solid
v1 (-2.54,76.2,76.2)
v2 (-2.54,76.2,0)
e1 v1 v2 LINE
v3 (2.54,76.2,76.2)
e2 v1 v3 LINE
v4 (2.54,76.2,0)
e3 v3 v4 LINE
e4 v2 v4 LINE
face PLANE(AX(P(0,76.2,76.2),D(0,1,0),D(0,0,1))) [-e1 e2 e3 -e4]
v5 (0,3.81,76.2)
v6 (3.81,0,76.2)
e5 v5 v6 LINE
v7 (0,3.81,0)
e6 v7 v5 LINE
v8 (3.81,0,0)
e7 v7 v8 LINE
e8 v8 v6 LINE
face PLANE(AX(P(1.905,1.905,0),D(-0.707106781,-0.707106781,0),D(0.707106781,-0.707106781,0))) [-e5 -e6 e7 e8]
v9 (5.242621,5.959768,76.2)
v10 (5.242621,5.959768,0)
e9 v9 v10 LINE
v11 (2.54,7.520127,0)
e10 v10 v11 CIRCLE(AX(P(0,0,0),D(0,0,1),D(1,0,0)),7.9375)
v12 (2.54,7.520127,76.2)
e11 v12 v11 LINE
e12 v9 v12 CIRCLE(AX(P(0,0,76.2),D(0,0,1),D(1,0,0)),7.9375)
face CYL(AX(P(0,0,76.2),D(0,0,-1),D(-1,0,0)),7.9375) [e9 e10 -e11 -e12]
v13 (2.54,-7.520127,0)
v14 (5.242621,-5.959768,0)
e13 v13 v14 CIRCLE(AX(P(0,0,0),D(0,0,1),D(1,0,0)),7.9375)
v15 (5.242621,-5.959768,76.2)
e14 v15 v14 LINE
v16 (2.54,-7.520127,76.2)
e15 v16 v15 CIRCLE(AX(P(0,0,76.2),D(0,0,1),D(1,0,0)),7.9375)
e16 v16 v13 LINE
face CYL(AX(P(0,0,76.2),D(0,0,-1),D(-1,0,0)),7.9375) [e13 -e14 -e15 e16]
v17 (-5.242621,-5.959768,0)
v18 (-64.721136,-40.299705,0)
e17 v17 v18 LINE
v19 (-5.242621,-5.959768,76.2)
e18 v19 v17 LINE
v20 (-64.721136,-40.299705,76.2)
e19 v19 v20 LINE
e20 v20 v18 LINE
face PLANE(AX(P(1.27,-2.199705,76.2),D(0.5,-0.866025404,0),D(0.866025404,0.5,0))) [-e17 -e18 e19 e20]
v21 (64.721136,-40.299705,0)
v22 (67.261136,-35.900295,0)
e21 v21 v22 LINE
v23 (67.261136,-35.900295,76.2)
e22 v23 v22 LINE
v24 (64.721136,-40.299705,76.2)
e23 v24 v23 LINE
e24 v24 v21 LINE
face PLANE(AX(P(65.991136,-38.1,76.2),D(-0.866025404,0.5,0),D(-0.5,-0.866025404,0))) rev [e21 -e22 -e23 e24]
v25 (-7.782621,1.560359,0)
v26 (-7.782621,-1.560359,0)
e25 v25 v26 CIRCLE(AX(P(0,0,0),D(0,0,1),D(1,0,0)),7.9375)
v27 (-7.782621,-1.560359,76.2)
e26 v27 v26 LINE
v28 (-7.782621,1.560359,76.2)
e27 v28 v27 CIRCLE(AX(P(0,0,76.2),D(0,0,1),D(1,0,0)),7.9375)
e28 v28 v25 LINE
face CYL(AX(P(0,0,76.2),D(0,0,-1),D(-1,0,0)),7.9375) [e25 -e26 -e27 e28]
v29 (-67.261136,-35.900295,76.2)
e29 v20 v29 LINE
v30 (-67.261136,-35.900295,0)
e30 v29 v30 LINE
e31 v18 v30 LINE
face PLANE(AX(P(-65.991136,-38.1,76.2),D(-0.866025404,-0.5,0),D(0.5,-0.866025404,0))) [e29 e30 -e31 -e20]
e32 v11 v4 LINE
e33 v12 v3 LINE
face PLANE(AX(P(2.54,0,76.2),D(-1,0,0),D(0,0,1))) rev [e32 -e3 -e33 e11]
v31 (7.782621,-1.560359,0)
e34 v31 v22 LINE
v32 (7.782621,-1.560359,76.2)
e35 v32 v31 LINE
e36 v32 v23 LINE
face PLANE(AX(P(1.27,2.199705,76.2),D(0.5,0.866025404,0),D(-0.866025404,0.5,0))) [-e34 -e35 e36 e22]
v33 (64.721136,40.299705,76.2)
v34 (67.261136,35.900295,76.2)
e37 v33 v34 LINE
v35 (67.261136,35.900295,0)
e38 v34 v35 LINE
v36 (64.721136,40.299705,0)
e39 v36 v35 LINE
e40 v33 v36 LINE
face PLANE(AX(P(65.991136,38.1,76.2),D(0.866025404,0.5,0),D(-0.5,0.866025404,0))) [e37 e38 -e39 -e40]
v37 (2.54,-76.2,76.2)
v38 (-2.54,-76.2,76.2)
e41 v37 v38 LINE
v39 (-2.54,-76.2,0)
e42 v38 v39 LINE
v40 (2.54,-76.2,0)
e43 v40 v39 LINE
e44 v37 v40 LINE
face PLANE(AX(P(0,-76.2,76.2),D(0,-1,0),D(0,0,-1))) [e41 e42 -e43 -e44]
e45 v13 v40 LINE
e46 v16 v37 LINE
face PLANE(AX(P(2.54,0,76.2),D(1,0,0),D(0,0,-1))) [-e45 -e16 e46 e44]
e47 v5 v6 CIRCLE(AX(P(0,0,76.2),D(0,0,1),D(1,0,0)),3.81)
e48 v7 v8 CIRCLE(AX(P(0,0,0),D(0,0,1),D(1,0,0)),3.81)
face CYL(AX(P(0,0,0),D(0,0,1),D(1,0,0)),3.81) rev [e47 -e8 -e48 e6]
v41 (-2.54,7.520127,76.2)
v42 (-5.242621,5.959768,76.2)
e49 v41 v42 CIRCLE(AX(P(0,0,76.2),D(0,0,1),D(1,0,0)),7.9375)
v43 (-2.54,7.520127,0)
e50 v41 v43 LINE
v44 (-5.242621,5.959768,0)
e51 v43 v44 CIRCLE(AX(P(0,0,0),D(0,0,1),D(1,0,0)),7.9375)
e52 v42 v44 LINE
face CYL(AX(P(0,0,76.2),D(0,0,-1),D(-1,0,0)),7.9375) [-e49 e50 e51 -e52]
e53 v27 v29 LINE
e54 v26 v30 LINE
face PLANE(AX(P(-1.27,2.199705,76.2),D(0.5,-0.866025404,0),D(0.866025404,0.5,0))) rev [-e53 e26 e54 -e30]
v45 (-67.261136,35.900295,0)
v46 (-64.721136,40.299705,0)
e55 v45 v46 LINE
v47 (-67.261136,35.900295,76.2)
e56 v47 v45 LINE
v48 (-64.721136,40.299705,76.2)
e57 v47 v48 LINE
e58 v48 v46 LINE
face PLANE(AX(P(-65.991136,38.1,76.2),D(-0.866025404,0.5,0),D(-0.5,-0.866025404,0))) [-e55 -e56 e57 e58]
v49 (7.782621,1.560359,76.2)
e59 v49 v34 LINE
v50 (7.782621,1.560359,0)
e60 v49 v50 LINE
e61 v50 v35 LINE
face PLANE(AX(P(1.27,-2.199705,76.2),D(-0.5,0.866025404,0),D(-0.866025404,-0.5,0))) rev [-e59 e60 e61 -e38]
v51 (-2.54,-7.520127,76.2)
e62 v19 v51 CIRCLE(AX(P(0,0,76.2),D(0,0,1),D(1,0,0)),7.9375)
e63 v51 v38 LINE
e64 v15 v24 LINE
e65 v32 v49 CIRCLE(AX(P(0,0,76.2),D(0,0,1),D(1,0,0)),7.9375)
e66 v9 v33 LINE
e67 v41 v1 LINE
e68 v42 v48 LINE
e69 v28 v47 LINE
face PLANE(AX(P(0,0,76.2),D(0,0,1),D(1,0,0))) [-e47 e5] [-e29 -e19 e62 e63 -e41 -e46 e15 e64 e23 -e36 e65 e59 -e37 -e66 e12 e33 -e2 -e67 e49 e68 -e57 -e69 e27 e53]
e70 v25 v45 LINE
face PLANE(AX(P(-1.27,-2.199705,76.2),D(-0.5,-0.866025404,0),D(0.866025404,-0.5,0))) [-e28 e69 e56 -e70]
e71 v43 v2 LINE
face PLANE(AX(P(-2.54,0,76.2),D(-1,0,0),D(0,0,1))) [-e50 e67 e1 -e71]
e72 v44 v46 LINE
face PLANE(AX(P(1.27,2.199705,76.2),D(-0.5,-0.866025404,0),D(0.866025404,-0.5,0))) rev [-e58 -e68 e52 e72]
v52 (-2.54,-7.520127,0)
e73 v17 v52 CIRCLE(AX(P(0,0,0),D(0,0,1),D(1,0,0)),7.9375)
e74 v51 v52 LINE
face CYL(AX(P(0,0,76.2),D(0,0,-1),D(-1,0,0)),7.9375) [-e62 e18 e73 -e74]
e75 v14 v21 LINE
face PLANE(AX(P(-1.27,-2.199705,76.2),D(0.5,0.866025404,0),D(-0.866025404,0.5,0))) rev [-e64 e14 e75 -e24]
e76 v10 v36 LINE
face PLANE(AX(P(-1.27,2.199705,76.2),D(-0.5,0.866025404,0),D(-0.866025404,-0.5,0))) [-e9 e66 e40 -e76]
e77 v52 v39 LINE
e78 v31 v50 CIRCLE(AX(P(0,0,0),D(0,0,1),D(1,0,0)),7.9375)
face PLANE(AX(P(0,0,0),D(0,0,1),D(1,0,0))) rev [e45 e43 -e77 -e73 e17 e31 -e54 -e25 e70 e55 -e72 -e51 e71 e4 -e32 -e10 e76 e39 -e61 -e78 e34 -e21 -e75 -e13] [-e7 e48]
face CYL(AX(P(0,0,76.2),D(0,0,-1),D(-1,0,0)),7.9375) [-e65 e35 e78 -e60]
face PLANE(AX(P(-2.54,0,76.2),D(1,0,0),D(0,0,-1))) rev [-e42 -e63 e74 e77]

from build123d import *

# Parameters (mm, degrees)
SKETCH1_R               = 7.9375
BOSS_EXTRUDE1_DEPTH     = 76.2
CUT_EXTRUDE1_DEPTH      = 128.031257511
CUT_EXTRUDE1_DEPTH_BACK = 128.031257511


with BuildPart() as part:
    # Sketch1 → Boss-Extrude1 (new body)
    with BuildSketch(Plane.XY):
        Circle(SKETCH1_R)
        Polygon((2.54, 0), (2.54, 76.2), (-2.54, 76.2), (-2.54, 0), (-2.54, -76.2), (2.54, -76.2), align=None)
        Polygon((1.27, -2.199704526), (67.261135768, 35.900295474), (64.721135768, 40.299704526), (-1.27, 2.199704526), (-67.261135768, -35.900295474), (-64.721135768, -40.299704526), align=None)
        Polygon((-1.27, -2.199704526), (64.721135768, -40.299704526), (67.261135768, -35.900295474), (1.27, 2.199704526), (-64.721135768, 40.299704526), (-67.261135768, 35.900295474), align=None)
    extrude(amount=BOSS_EXTRUDE1_DEPTH)

    # Sketch2 → Cut-Extrude1 (cut, two sides: drawn at the far end of the back side and taken through both)
    with BuildSketch(Plane.XY.offset(76.2).offset(-CUT_EXTRUDE1_DEPTH_BACK)):
        with BuildLine():
            Line((3.81, 0), (0, 3.81))
            ThreePointArc((0, 3.81), (-2.694076836, -2.694076836), (3.81, 0))
        make_face()
    extrude(amount=CUT_EXTRUDE1_DEPTH + CUT_EXTRUDE1_DEPTH_BACK, mode=Mode.SUBTRACT)


solid = part.part
